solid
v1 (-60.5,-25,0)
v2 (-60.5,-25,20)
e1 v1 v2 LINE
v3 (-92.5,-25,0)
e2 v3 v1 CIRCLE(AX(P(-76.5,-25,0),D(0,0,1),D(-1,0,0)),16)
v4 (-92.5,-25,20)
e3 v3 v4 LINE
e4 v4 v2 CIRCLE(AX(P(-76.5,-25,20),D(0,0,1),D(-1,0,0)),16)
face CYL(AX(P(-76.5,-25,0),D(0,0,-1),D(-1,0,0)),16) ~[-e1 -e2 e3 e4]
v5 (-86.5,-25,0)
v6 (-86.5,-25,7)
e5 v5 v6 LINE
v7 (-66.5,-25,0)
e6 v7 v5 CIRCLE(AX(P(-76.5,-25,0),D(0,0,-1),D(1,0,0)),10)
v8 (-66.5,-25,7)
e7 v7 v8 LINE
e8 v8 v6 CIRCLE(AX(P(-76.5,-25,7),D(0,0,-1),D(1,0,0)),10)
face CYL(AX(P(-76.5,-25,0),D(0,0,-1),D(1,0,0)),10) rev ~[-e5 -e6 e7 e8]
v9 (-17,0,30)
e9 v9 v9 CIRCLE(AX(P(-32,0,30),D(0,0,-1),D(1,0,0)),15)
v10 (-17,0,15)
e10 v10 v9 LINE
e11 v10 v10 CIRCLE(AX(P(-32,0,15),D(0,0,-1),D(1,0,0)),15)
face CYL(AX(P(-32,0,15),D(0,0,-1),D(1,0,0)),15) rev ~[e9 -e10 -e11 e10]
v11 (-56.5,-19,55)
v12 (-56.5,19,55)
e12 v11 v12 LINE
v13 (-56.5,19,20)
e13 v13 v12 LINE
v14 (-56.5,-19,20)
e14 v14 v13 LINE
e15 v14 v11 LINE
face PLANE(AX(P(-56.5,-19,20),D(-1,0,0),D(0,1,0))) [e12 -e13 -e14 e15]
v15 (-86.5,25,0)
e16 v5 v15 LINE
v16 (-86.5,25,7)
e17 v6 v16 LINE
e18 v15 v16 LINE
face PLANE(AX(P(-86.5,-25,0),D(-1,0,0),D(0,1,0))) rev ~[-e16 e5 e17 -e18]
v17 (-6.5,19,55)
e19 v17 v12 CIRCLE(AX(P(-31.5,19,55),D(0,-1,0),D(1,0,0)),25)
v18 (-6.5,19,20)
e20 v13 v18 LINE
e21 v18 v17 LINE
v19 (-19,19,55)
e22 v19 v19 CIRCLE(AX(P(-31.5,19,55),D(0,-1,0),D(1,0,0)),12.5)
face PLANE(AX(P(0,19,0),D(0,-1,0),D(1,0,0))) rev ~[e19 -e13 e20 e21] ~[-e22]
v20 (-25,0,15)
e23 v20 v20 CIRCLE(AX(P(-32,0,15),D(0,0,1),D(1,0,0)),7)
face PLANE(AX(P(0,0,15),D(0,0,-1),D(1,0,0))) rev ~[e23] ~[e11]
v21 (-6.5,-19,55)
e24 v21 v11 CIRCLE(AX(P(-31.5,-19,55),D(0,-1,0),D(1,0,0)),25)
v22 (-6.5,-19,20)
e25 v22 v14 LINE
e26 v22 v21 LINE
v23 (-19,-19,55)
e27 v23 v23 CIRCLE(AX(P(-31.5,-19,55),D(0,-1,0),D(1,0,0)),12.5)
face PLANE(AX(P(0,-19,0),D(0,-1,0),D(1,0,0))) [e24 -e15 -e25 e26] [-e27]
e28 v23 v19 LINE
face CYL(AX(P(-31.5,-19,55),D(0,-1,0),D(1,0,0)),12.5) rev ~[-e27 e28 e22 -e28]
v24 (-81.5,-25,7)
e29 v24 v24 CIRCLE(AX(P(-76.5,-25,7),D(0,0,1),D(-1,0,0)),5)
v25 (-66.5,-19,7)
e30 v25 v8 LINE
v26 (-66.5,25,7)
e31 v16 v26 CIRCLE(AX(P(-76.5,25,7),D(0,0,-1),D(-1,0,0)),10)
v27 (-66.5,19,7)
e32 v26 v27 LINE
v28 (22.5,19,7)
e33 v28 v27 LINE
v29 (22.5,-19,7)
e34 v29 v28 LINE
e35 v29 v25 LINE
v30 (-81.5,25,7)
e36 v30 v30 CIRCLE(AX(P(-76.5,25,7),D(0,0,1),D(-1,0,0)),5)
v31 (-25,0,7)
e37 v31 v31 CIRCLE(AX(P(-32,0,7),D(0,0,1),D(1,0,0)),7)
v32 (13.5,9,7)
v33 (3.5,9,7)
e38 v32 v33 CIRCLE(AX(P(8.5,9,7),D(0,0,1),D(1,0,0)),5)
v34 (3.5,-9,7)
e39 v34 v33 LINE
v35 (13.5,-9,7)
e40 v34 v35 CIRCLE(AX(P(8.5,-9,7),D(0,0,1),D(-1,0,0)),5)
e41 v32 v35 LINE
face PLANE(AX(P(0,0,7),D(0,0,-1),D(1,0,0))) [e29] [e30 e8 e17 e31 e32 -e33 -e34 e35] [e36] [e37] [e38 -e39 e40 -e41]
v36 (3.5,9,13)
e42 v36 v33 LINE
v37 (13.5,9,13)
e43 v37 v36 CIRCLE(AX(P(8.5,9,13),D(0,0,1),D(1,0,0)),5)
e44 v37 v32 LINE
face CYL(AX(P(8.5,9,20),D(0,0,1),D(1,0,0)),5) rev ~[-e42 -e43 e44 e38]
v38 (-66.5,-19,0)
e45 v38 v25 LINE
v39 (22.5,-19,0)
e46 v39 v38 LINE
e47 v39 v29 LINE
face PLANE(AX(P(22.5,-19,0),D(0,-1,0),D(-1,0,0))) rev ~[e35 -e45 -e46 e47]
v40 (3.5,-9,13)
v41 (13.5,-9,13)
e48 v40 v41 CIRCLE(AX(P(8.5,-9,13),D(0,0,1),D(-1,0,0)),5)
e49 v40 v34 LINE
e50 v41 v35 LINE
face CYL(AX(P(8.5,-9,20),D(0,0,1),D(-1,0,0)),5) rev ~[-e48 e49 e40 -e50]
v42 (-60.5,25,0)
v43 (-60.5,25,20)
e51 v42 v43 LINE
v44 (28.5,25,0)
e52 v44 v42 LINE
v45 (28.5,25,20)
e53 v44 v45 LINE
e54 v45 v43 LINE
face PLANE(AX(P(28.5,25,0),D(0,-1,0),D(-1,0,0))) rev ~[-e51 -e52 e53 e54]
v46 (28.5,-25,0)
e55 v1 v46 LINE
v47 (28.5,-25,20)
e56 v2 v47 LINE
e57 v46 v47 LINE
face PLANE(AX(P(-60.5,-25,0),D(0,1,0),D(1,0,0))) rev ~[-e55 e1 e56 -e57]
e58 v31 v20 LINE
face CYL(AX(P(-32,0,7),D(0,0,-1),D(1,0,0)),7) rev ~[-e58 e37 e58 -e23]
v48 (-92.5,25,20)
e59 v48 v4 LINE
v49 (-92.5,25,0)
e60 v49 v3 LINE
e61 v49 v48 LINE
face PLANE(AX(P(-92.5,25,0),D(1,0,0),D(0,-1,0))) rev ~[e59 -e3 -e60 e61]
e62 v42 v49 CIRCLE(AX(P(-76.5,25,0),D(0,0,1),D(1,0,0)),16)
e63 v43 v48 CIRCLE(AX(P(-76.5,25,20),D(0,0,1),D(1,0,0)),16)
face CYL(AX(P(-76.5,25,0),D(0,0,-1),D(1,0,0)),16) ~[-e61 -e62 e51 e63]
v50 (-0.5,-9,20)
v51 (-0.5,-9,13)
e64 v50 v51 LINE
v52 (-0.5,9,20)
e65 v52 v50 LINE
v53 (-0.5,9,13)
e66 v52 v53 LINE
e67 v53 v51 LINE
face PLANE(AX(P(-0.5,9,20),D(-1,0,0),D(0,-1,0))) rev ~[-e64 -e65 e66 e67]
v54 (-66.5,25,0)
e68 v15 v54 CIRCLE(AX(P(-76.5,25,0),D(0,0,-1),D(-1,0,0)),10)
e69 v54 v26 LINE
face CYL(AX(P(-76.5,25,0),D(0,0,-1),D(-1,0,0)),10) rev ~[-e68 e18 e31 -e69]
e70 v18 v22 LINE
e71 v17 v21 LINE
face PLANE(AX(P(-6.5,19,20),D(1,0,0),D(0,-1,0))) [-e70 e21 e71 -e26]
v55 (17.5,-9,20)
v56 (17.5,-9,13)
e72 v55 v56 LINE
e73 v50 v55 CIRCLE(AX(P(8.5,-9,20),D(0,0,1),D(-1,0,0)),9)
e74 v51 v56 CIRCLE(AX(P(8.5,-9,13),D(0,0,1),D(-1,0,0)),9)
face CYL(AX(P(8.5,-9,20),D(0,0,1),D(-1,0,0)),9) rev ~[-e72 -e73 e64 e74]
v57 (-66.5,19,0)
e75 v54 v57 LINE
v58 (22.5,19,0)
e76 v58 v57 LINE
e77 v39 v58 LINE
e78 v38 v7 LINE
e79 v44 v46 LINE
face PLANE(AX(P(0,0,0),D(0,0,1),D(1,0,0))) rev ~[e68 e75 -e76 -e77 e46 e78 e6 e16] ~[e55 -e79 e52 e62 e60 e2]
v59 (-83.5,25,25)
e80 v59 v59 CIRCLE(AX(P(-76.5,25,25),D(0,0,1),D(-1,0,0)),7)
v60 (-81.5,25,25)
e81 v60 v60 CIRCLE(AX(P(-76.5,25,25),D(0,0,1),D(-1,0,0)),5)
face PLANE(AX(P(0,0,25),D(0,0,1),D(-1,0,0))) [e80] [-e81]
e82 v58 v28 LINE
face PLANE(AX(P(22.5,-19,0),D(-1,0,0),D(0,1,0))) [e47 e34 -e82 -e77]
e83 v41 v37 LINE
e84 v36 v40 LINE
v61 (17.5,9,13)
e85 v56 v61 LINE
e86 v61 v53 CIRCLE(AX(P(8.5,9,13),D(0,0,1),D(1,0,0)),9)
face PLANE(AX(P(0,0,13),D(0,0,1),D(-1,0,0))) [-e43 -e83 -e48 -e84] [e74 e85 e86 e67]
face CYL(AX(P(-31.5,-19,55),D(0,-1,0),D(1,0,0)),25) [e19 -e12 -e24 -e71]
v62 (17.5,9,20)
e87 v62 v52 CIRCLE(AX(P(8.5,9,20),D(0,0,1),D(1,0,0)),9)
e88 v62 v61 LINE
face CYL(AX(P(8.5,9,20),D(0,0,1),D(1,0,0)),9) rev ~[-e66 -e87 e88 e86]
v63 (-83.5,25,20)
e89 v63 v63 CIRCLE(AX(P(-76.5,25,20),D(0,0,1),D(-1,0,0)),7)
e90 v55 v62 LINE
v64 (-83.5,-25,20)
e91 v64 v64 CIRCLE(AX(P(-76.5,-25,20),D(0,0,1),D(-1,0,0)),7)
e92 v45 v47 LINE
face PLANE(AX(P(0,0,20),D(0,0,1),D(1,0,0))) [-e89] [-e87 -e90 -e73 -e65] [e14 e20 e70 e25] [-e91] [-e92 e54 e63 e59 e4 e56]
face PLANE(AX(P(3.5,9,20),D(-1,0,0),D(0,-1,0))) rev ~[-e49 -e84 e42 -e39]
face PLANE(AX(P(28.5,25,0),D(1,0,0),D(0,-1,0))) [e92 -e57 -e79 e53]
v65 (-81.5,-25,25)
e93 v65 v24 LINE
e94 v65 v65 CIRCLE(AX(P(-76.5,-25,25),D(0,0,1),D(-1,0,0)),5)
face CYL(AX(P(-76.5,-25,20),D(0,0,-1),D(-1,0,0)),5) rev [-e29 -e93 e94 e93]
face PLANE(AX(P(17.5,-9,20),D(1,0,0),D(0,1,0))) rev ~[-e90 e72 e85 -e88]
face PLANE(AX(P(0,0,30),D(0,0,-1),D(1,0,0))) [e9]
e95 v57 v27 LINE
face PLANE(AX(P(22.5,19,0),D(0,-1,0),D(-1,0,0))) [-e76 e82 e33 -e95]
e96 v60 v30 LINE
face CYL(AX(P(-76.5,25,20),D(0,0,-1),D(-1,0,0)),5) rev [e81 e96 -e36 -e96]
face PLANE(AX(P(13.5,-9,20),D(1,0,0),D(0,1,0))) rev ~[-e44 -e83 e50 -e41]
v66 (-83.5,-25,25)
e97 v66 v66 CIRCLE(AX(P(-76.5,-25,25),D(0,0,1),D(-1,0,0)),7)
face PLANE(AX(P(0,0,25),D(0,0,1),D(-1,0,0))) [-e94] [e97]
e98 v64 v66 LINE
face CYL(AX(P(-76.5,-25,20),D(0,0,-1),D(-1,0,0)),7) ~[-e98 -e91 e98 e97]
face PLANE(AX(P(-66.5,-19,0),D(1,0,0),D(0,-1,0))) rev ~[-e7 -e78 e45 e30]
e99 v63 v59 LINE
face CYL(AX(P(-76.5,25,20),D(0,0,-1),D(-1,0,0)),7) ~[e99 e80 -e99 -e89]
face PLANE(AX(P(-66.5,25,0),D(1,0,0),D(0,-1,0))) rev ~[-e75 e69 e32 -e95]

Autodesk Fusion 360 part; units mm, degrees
sketch "Sketch1" plane through (0, 0, 0) normal (0, 0, 1) x (1, 0, 0)
  line L0 (28.5, 25) -> (-60.5, 25)
  line L1 (-60.5, -25) -> (28.5, -25)
  line L2 (60.5, 25) -> (-60.5, -25) construction
  line L3 (-60.5, 25) -> (60.5, -25) construction
  line L4 (-92.5, 25) -> (-92.5, -25)
  arc A0 (-92.5, -25) -> (-60.5, -25) centre (-76.5, -25) ccw
  arc A1 (-60.5, 25) -> (-92.5, 25) centre (-76.5, 25) ccw
  line L5 (-76.5, 25) -> (-76.5, -25) construction
  line L6 (28.5, 25) -> (28.5, -25)
  line L7 (28.5, 25) -> (28.5, -25)
  line L8 (-60.5, 25) -> (28.5, 25)
  dimension "d1" = 121
  dimension "d2" = 50
  dimension "d3" = 16
  dimension "d4" = 32
  dimension "d5" = 121
extrude "Extrude1" add sketch "Sketch1" along normal blind 20
sketch "Sketch2" plane through (0, 0, 20) normal (0, 0, 1) x (-1, 0, 0)
  line L0 (92.5, -25) -> (92.5, 25)
  arc A0 (92.5, 25) -> (60.5, 25) centre (76.5, 25) ccw
  line L1 (60.5, 25) -> (-28.5, 25)
  line L2 (-28.5, 25) -> (-28.5, -25)
  line L3 (-28.5, -25) -> (60.5, -25)
  arc A1 (60.5, -25) -> (92.5, -25) centre (76.5, -25) ccw
  circle A2 centre (76.5, -25) radius 7
  circle A3 centre (76.5, 25) radius 7
  circle A4 centre (76.5, -25) radius 5
  circle A5 centre (76.5, 25) radius 5
  dimension "d8" = 14
  dimension "d9" = 14
  dimension "d10" = 10
  dimension "d11" = 10
extrude "Extrude2" cut sketch "Sketch2" against normal blind 45 contours A4 | A5
sketch "Sketch3" plane through (0, 0, 20) normal (0, 0, 1) x (-1, 0, 0)
  circle A0 centre (76.5, 25) radius 5
  circle A1 centre (76.5, -25) radius 5
  line L0 (92.5, -25) -> (92.5, 25)
  arc A2 (92.5, 25) -> (60.5, 25) centre (76.5, 25) ccw
  line L1 (60.5, 25) -> (-28.5, 25)
  line L2 (-28.5, 25) -> (-28.5, -25)
  line L3 (-28.5, -25) -> (60.5, -25)
  arc A3 (60.5, -25) -> (92.5, -25) centre (76.5, -25) ccw
  circle A4 centre (76.5, -25) radius 7
  circle A5 centre (76.5, 25) radius 7
  dimension "d14" = 14
  dimension "d15" = 14
extrude "Extrude3" add sketch "Sketch3" along normal blind 5 contours A4 | A5
sketch "Sketch4" plane through (0, 0, 0) normal (0, 0, -1) x (1, 0, 0)
  circle A0 centre (-76.5, 25) radius 5
  circle A1 centre (-76.5, -25) radius 5
  line L0 (-92.5, 25) -> (-92.5, -25)
  arc A2 (-92.5, -25) -> (-60.5, -25) centre (-76.5, -25) ccw
  line L1 (-60.5, -25) -> (28.5, -25)
  line L2 (28.5, -25) -> (28.5, 25)
  line L3 (28.5, 25) -> (-60.5, 25)
  arc A3 (-60.5, 25) -> (-92.5, 25) centre (-76.5, 25) ccw
  line L4 (-86.5, 25) -> (-86.5, -25)
  arc A4 (-86.5, -25) -> (-66.5, -25) centre (-76.5, -25) ccw
  arc A5 (-66.5, 25) -> (-86.5, 25) centre (-76.5, 25) ccw
  line L5 (-76.5, 25) -> (-76.5, -25) construction
  line L6 (-30, 25) -> (-30, 19) construction
  line L7 (28.5, 0) -> (22.5, 0) construction
  line L8 (22.5, 19) -> (22.5, 0)
  line L9 (22.5, 19) -> (-66.5, 19)
  line L10 (22.5, 0) -> (22.5, -19)
  line L11 (22.5, -19) -> (-66.5, -19)
  line L12 (-66.5, -25) -> (-66.5, -19)
  line L13 (-66.5, 19) -> (-66.5, 25)
  dimension "d18" = 20
  dimension "d19" = 6
  dimension "d20" = 6
  dimension "d21" = 19
extrude "Extrude4" cut sketch "Sketch4" against normal blind 7 contours L4 A4 A5 L8 L9 L10 L11 L12 L13
sketch "Sketch5" plane through (0, 0, 20) normal (0, 0, 1) x (-1, 0, 0)
  circle A0 centre (76.5, 25) radius 7
  circle A1 centre (76.5, -25) radius 7
  line L0 (92.5, -25) -> (92.5, 25)
  arc A2 (92.5, 25) -> (60.5, 25) centre (76.5, 25) ccw
  line L1 (60.5, 25) -> (-28.5, 25)
  line L2 (-28.5, 25) -> (-28.5, -25)
  line L3 (-28.5, -25) -> (60.5, -25)
  arc A3 (60.5, -25) -> (92.5, -25) centre (76.5, -25) ccw
  line L4 (-28.5, 0) -> (-28.5, -9)
  line L5 (-28.5, 0) -> (-28.5, 9)
  line L6 (-28.5, -25) -> (-8.5, -25)
  line L7 (-8.5, -9) -> (-8.5, 9)
  line L8 (0.5, -9) -> (0.5, 9)
  arc A4 (0.5, 9) -> (-17.5, 9) centre (-8.5, 9) ccw
  line L9 (-17.5, 9) -> (-17.5, -9)
  arc A5 (-17.5, -9) -> (0.5, -9) centre (-8.5, -9) ccw
  line L10 (-8.5, -9) -> (-8.5, 9) construction
  line L11 (-3.5, -9) -> (-3.5, 9)
  arc A6 (-3.5, 9) -> (-13.5, 9) centre (-8.5, 9) ccw
  line L12 (-13.5, 9) -> (-13.5, -9)
  arc A7 (-13.5, -9) -> (-3.5, -9) centre (-8.5, -9) ccw
  line L13 (-8.5, -9) -> (-8.5, 9) construction
  dimension "d24" = 9
  dimension "d25" = 9
  dimension "d26" = 20
  dimension "d27" = 18
  dimension "d28" = 10
extrude "Extrude5" cut sketch "Sketch5" against normal blind 7 contours L8 A4 L9 A5
extrude "Extrude6" cut 1 faces at (10.1667, -3, 20) along direction (0, 0, -1) blind 55
sketch "Sketch6" plane through (0, 0, 20) normal (0, 0, 1) x (-1, 0, 0)
  line L0 (92.5, -25) -> (92.5, 25)
  arc A0 (92.5, 25) -> (60.5, 25) centre (76.5, 25) ccw
  line L1 (60.5, 25) -> (-28.5, 25)
  line L2 (-28.5, 25) -> (-28.5, -25)
  line L3 (-28.5, -25) -> (60.5, -25)
  arc A1 (60.5, -25) -> (92.5, -25) centre (76.5, -25) ccw
  circle A2 centre (76.5, -25) radius 7
  circle A3 centre (76.5, 25) radius 7
  line L4 (0.5, 9) -> (0.5, -9)
  arc A4 (-17.5, -9) -> (0.5, -9) centre (-8.5, -9) ccw
  line L5 (-17.5, -9) -> (-17.5, 9)
  arc A5 (0.5, 9) -> (-17.5, 9) centre (-8.5, 9) ccw
sketch "Sketch7" plane through (0, 0, 20) normal (0, 0, 1) x (-1, 0, 0)
  line L0 (-28.5, -25) -> (31.5, -25)
  dimension "d33" = 60
sketch "Sketch8" plane through (0, 0, 20) normal (0, 0, 1) x (-1, 0, 0)
  line L0 (31.5, -25) -> (31.5, 0)
  arc A0 (-13.5, -9) -> (-3.5, -9) centre (-8.5, -9) ccw
  line L1 (-3.5, -9) -> (-3.5, 9)
  arc A1 (-3.5, 9) -> (-13.5, 9) centre (-8.5, 9) ccw
  line L2 (-13.5, 9) -> (-13.5, -9)
  circle A2 centre (76.5, 25) radius 5
  circle A3 centre (76.5, -25) radius 5
  line L3 (-22.5, 19) -> (66.5, 19)
  line L4 (66.5, 19) -> (66.5, 25)
  arc A4 (86.5, 25) -> (66.5, 25) centre (76.5, 25) ccw
  line L5 (86.5, 25) -> (86.5, -25)
  arc A5 (66.5, -25) -> (86.5, -25) centre (76.5, -25) ccw
  line L6 (66.5, -25) -> (66.5, -19)
  line L7 (66.5, -19) -> (-22.5, -19)
  line L8 (-22.5, -19) -> (-22.5, 19)
  line L9 (31.5, -19) -> (56.5, -19)
  line L10 (31.5, 19) -> (6.5, 19)
  line L11 (6.5, 19) -> (56.5, 19)
  line L12 (56.5, 19) -> (56.5, -19)
  line L13 (56.5, -19) -> (6.5, -19)
  line L14 (6.5, -19) -> (6.5, 19)
  dimension "d34" = 25
  dimension "d35" = 25
extrude "Extrude7" add sketch "Sketch8" along normal blind 35 contours L3 L7 L9 L10 L11 L12 L13 L14
sketch "Sketch9" plane through (0, -19, 0) normal (0, -1, 0) x (1, 0, 0)
  line L0 (-56.5, 20) -> (-6.5, 20)
  line L1 (-6.5, 20) -> (-6.5, 55)
  line L2 (-6.5, 55) -> (-56.5, 55)
  line L3 (-56.5, 55) -> (-56.5, 20)
  circle A0 centre (-31.5, 55) radius 25
  dimension "d38" = 50
extrude "Extrude8" add sketch "Sketch9" against normal blind 38 contours L2 A0 picked at (-35.1673, 71.0673)
sketch "Sketch10" plane through (0, -19, 0) normal (0, -1, 0) x (1, 0, 0)
  line L0 (-56.5, 20) -> (-6.5, 20)
  line L1 (-6.5, 20) -> (-6.5, 55)
  arc A0 (-6.5, 55) -> (-56.5, 55) centre (-31.5, 55) ccw
  line L2 (-56.5, 55) -> (-56.5, 20)
  circle A1 centre (-31.5, 55) radius 12.5
  dimension "d41" = 25
extrude "Extrude9" cut sketch "Sketch10" against normal blind 70 contours A1
sketch "Sketch11" plane through (0, 0, 7) normal (0, 0, -1) x (1, 0, 0)
  arc A0 (3.5, -9) -> (13.5, -9) centre (8.5, -9) ccw
  line L0 (3.5, -9) -> (3.5, 9)
  arc A1 (13.5, 9) -> (3.5, 9) centre (8.5, 9) ccw
  line L1 (13.5, 9) -> (13.5, -9)
  circle A2 centre (-76.5, 25) radius 5
  circle A3 centre (-76.5, -25) radius 5
  line L2 (22.5, 19) -> (-66.5, 19)
  line L3 (-66.5, 19) -> (-66.5, 25)
  arc A4 (-66.5, 25) -> (-86.5, 25) centre (-76.5, 25) ccw
  line L4 (-86.5, 25) -> (-86.5, -25)
  arc A5 (-86.5, -25) -> (-66.5, -25) centre (-76.5, -25) ccw
  line L5 (-66.5, -25) -> (-66.5, -19)
  line L6 (-66.5, -19) -> (22.5, -19)
  line L7 (22.5, -19) -> (22.5, 19)
  line L8 (-66.5, 25) -> (-66.5, 19)
  line L9 (-66.5, 19) -> (22.5, 19)
  line L10 (22.5, 19) -> (22.5, -19)
  line L11 (22.5, -19) -> (-66.5, -19)
  line L12 (-66.5, -19) -> (-66.5, -25)
  arc A6 (-86.5, -25) -> (-66.5, -25) centre (-76.5, -25) ccw
  line L13 (-86.5, -25) -> (-86.5, 25)
  arc A7 (-66.5, 25) -> (-86.5, 25) centre (-76.5, 25) ccw
  line L14 (-92.5, 25) -> (-92.5, -25)
  arc A8 (-92.5, -25) -> (-60.5, -25) centre (-76.5, -25) ccw
  line L15 (-60.5, -25) -> (28.5, -25)
  line L16 (28.5, -25) -> (28.5, 25)
  line L17 (28.5, 25) -> (-60.5, 25)
  arc A9 (-60.5, 25) -> (-92.5, 25) centre (-76.5, 25) ccw
  line L18 (-92.5, 0) -> (-32, 0)
  circle A10 centre (-32, 0) radius 7
  dimension "d44" = 60.5
  dimension "d45" = 14
extrude "Extrude10" cut sketch "Sketch11" against normal blind 8 contours A10
sketch "Sketch12" plane through (0, 0, 15) normal (0, 0, -1) x (1, 0, 0)
  circle A0 centre (-32, 0) radius 7
  circle A1 centre (-32, 0) radius 15
  dimension "d48" = 30
extrude "Extrude11" cut sketch "Sketch12" against normal blind 15
extrude "Extrude12" cut 1 faces at (-31.572, 1.6695, 15) along direction (0, 0, 1) blind 15
equation "d2 = 0 mm + 50 mm"
equation "d44 = ( 121 / 2 ) * 1 mm"
